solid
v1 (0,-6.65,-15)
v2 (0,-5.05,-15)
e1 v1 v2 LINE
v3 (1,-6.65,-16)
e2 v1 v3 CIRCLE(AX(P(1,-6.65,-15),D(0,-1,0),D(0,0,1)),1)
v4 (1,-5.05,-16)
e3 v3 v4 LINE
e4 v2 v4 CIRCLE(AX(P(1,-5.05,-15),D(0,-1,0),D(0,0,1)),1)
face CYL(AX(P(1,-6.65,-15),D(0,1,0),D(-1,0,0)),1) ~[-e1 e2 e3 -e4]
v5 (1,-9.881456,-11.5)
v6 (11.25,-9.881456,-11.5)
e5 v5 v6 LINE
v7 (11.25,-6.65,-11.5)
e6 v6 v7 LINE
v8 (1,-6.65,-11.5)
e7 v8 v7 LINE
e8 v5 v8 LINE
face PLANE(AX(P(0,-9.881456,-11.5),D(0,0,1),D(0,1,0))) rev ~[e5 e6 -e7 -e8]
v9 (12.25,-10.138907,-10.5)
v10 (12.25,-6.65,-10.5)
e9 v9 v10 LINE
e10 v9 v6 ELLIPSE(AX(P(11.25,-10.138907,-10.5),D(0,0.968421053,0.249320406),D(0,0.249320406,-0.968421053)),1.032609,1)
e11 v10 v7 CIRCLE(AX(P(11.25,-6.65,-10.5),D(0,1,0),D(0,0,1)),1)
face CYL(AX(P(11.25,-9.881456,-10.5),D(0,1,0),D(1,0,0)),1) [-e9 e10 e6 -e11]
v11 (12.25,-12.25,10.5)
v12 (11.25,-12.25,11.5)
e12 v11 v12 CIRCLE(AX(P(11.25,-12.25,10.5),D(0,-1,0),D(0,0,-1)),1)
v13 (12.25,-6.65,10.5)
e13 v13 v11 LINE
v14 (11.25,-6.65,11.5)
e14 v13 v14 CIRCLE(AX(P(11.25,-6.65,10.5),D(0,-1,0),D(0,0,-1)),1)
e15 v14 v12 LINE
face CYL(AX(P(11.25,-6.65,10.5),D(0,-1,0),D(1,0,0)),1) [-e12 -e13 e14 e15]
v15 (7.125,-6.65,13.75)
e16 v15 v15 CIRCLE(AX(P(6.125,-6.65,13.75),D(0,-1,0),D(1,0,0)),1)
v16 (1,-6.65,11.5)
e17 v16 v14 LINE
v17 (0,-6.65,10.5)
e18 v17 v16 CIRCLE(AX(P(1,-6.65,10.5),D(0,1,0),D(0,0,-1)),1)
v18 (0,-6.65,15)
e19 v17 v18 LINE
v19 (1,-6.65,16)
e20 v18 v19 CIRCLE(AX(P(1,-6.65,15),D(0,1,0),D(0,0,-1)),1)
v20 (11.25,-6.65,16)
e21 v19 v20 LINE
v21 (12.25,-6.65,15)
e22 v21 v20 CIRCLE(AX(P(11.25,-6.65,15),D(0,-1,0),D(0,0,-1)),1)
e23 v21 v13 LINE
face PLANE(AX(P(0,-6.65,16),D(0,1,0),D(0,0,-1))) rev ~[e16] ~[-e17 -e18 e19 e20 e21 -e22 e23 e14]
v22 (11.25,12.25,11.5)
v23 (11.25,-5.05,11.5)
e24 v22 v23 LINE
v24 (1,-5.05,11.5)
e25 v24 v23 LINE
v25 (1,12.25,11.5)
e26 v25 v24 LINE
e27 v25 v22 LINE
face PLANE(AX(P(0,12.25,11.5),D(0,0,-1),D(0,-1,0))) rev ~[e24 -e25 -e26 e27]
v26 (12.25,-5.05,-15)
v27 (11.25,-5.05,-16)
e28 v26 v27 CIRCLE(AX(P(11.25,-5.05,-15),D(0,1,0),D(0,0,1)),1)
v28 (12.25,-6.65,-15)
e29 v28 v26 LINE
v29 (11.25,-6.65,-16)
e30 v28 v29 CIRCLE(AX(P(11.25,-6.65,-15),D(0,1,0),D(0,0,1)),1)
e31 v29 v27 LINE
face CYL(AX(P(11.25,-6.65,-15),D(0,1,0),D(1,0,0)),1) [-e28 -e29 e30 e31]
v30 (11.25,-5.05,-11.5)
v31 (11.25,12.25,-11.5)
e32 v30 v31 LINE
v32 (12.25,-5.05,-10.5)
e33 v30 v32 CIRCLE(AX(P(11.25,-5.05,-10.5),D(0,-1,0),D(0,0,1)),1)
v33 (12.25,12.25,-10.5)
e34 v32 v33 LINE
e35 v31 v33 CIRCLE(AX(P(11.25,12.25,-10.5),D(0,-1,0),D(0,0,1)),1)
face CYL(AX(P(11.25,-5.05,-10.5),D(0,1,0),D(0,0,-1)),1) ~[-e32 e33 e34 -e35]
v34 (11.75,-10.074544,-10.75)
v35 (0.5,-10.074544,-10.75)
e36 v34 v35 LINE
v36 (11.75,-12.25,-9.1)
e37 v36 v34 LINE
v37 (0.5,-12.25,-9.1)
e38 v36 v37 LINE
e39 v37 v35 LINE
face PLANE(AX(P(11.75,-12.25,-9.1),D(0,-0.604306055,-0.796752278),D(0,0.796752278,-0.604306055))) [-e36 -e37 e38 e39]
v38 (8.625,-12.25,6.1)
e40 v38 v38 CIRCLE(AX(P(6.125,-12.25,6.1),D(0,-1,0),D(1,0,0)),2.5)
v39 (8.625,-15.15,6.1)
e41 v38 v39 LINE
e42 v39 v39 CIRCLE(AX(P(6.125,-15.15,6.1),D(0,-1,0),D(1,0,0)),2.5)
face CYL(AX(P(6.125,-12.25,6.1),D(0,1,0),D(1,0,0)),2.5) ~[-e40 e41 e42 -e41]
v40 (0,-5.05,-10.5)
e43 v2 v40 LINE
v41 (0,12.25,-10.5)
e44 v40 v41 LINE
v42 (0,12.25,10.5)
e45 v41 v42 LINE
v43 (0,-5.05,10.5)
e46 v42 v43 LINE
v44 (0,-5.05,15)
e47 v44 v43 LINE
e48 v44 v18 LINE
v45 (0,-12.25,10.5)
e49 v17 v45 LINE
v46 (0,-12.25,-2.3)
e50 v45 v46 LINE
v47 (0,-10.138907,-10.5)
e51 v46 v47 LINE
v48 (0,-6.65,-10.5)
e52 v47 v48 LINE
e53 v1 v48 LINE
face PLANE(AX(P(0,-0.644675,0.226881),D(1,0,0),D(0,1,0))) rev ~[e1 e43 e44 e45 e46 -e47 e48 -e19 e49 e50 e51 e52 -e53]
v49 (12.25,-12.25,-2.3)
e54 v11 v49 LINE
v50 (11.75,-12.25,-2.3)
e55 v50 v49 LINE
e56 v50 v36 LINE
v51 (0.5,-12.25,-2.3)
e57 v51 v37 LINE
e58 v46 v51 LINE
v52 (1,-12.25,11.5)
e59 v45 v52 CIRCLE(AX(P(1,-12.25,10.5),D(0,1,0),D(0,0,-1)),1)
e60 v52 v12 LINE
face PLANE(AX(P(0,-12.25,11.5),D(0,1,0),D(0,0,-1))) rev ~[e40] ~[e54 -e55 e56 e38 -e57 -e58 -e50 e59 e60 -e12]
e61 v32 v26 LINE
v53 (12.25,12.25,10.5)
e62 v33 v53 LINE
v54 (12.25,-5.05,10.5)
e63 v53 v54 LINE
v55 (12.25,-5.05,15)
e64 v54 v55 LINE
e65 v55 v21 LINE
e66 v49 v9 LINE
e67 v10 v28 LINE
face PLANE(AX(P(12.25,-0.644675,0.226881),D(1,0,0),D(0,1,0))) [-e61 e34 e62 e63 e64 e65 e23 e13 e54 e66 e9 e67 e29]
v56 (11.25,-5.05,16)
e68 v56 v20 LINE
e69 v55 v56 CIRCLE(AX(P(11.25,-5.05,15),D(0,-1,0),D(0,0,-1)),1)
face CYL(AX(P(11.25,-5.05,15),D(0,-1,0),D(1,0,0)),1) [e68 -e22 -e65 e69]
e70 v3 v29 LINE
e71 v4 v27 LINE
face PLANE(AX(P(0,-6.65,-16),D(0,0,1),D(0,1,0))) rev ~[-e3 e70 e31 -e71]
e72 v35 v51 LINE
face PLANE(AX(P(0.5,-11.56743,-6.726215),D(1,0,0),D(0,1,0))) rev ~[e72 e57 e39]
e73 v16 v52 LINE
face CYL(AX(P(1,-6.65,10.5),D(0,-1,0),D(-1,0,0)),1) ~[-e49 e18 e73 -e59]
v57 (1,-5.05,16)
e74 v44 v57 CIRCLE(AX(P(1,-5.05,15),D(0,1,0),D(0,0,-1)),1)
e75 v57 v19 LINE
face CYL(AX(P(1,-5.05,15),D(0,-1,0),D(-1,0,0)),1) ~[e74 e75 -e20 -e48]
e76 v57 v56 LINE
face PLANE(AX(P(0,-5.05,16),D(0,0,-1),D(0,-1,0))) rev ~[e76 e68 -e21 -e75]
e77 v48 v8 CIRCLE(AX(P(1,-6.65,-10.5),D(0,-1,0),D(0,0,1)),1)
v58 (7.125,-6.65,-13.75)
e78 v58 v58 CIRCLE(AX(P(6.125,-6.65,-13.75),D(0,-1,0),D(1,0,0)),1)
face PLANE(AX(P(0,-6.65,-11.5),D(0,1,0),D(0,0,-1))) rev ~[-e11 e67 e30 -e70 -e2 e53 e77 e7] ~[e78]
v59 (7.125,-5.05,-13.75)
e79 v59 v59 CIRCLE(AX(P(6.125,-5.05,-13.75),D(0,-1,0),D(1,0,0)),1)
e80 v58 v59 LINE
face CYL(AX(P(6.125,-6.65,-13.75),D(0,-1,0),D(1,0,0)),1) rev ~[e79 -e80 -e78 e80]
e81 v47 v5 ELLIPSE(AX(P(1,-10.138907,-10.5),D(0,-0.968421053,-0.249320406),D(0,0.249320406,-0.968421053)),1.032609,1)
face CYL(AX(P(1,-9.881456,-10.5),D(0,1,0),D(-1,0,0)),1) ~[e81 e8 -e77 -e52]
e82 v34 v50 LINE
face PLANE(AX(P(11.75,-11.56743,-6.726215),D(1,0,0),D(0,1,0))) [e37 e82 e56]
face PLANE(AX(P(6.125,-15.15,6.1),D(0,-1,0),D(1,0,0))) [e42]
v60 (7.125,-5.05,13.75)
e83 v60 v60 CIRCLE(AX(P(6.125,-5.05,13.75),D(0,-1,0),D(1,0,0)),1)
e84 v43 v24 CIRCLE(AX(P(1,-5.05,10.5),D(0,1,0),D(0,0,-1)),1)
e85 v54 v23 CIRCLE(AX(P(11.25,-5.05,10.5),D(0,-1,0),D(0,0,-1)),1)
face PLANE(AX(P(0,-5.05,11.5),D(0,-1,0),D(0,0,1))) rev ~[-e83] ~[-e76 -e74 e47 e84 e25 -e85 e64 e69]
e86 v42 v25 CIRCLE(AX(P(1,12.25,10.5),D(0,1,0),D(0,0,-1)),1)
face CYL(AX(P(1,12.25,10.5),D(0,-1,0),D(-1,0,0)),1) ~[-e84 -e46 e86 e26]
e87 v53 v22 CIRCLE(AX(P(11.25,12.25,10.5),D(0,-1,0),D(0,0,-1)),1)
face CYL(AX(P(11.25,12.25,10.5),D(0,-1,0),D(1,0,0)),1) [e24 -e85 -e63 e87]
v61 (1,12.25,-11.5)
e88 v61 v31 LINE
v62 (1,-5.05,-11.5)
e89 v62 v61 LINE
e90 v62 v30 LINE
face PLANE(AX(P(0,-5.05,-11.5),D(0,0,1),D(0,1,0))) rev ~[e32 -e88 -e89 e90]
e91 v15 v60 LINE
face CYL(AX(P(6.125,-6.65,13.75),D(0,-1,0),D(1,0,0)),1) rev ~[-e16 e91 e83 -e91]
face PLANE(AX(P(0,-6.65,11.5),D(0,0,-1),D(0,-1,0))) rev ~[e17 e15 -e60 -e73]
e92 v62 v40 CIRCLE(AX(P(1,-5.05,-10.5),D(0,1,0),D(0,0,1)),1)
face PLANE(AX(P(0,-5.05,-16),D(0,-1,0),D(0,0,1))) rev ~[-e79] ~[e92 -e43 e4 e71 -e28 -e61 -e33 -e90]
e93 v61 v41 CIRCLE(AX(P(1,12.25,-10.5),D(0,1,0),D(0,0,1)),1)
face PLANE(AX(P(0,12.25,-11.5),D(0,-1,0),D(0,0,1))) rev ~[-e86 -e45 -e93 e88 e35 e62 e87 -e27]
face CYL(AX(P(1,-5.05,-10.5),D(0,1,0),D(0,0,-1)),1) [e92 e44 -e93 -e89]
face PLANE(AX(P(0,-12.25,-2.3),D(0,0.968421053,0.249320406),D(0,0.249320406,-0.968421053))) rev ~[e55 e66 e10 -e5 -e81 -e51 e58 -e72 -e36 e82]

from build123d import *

# Parameters (mm, degrees)
F1_DEPTH = 12.25
F5_DEPTH = 11.25
F6_R     = 2.5
F7_DEPTH = 2.9
F8_R     = 1
F9_DEPTH = 18.901
F10_R    = 1


with BuildPart() as f1:
    # F0 (on Right) → F1 (new body)
    with BuildSketch(Plane.YZ):
        Polygon((-5.05, -11.5), (12.25, -11.5), (12.25, 11.5), (-5.05, 11.5), (-5.05, 16), (-6.65, 16), (-6.65, 11.5), (-12.25, 11.5), (-12.25, -2.3), (-9.8814561435, -11.5), (-6.65, -11.5), (-6.65, -16), (-5.05, -16), align=None)
    extrude(amount=F1_DEPTH)

    # F4 (on offset) → F5 (join, through all)
    with BuildSketch(Plane.YZ.offset(11.75)):
        Polygon((-10.0745439579, -10.75), (-12.25, -2.3), (-12.25, -9.1), align=None)
    extrude(amount=-F5_DEPTH)

    # F6 (on face) → F7 (join)
    with BuildSketch(Plane.XZ.offset(12.25)):
        with Locations((6.125, 6.1)):
            Circle(F6_R)
    extrude(amount=F7_DEPTH)

    # F8 (on face) → F9 (cut, through all)
    with BuildSketch(Plane.XZ.offset(6.65)):
        with Locations((6.125, 13.75)):
            Circle(F8_R)
        with Locations((6.125, -13.75)):
            Circle(F8_R)
    extrude(amount=-F9_DEPTH, mode=Mode.SUBTRACT)

    # F10
    f10_edges = [f1.edges().sort_by_distance(p)[0] for p in [
        (12.25, 3.6, 11.5),
        (12.25, -9.45, 11.5),
        (12.25, 3.6, -11.5),
        (12.25, -8.265728, -11.5),
        (0, -8.265728, -11.5),
        (0, 3.6, -11.5),
        (0, 3.6, 11.5),
        (0, -9.45, 11.5),
        (0, -5.85, 16),
        (12.25, -5.85, 16),
        (0, -5.85, -16),
        (12.25, -5.85, -16),
    ]]
    fillet(f10_edges, radius=F10_R)


solid = f1.part
